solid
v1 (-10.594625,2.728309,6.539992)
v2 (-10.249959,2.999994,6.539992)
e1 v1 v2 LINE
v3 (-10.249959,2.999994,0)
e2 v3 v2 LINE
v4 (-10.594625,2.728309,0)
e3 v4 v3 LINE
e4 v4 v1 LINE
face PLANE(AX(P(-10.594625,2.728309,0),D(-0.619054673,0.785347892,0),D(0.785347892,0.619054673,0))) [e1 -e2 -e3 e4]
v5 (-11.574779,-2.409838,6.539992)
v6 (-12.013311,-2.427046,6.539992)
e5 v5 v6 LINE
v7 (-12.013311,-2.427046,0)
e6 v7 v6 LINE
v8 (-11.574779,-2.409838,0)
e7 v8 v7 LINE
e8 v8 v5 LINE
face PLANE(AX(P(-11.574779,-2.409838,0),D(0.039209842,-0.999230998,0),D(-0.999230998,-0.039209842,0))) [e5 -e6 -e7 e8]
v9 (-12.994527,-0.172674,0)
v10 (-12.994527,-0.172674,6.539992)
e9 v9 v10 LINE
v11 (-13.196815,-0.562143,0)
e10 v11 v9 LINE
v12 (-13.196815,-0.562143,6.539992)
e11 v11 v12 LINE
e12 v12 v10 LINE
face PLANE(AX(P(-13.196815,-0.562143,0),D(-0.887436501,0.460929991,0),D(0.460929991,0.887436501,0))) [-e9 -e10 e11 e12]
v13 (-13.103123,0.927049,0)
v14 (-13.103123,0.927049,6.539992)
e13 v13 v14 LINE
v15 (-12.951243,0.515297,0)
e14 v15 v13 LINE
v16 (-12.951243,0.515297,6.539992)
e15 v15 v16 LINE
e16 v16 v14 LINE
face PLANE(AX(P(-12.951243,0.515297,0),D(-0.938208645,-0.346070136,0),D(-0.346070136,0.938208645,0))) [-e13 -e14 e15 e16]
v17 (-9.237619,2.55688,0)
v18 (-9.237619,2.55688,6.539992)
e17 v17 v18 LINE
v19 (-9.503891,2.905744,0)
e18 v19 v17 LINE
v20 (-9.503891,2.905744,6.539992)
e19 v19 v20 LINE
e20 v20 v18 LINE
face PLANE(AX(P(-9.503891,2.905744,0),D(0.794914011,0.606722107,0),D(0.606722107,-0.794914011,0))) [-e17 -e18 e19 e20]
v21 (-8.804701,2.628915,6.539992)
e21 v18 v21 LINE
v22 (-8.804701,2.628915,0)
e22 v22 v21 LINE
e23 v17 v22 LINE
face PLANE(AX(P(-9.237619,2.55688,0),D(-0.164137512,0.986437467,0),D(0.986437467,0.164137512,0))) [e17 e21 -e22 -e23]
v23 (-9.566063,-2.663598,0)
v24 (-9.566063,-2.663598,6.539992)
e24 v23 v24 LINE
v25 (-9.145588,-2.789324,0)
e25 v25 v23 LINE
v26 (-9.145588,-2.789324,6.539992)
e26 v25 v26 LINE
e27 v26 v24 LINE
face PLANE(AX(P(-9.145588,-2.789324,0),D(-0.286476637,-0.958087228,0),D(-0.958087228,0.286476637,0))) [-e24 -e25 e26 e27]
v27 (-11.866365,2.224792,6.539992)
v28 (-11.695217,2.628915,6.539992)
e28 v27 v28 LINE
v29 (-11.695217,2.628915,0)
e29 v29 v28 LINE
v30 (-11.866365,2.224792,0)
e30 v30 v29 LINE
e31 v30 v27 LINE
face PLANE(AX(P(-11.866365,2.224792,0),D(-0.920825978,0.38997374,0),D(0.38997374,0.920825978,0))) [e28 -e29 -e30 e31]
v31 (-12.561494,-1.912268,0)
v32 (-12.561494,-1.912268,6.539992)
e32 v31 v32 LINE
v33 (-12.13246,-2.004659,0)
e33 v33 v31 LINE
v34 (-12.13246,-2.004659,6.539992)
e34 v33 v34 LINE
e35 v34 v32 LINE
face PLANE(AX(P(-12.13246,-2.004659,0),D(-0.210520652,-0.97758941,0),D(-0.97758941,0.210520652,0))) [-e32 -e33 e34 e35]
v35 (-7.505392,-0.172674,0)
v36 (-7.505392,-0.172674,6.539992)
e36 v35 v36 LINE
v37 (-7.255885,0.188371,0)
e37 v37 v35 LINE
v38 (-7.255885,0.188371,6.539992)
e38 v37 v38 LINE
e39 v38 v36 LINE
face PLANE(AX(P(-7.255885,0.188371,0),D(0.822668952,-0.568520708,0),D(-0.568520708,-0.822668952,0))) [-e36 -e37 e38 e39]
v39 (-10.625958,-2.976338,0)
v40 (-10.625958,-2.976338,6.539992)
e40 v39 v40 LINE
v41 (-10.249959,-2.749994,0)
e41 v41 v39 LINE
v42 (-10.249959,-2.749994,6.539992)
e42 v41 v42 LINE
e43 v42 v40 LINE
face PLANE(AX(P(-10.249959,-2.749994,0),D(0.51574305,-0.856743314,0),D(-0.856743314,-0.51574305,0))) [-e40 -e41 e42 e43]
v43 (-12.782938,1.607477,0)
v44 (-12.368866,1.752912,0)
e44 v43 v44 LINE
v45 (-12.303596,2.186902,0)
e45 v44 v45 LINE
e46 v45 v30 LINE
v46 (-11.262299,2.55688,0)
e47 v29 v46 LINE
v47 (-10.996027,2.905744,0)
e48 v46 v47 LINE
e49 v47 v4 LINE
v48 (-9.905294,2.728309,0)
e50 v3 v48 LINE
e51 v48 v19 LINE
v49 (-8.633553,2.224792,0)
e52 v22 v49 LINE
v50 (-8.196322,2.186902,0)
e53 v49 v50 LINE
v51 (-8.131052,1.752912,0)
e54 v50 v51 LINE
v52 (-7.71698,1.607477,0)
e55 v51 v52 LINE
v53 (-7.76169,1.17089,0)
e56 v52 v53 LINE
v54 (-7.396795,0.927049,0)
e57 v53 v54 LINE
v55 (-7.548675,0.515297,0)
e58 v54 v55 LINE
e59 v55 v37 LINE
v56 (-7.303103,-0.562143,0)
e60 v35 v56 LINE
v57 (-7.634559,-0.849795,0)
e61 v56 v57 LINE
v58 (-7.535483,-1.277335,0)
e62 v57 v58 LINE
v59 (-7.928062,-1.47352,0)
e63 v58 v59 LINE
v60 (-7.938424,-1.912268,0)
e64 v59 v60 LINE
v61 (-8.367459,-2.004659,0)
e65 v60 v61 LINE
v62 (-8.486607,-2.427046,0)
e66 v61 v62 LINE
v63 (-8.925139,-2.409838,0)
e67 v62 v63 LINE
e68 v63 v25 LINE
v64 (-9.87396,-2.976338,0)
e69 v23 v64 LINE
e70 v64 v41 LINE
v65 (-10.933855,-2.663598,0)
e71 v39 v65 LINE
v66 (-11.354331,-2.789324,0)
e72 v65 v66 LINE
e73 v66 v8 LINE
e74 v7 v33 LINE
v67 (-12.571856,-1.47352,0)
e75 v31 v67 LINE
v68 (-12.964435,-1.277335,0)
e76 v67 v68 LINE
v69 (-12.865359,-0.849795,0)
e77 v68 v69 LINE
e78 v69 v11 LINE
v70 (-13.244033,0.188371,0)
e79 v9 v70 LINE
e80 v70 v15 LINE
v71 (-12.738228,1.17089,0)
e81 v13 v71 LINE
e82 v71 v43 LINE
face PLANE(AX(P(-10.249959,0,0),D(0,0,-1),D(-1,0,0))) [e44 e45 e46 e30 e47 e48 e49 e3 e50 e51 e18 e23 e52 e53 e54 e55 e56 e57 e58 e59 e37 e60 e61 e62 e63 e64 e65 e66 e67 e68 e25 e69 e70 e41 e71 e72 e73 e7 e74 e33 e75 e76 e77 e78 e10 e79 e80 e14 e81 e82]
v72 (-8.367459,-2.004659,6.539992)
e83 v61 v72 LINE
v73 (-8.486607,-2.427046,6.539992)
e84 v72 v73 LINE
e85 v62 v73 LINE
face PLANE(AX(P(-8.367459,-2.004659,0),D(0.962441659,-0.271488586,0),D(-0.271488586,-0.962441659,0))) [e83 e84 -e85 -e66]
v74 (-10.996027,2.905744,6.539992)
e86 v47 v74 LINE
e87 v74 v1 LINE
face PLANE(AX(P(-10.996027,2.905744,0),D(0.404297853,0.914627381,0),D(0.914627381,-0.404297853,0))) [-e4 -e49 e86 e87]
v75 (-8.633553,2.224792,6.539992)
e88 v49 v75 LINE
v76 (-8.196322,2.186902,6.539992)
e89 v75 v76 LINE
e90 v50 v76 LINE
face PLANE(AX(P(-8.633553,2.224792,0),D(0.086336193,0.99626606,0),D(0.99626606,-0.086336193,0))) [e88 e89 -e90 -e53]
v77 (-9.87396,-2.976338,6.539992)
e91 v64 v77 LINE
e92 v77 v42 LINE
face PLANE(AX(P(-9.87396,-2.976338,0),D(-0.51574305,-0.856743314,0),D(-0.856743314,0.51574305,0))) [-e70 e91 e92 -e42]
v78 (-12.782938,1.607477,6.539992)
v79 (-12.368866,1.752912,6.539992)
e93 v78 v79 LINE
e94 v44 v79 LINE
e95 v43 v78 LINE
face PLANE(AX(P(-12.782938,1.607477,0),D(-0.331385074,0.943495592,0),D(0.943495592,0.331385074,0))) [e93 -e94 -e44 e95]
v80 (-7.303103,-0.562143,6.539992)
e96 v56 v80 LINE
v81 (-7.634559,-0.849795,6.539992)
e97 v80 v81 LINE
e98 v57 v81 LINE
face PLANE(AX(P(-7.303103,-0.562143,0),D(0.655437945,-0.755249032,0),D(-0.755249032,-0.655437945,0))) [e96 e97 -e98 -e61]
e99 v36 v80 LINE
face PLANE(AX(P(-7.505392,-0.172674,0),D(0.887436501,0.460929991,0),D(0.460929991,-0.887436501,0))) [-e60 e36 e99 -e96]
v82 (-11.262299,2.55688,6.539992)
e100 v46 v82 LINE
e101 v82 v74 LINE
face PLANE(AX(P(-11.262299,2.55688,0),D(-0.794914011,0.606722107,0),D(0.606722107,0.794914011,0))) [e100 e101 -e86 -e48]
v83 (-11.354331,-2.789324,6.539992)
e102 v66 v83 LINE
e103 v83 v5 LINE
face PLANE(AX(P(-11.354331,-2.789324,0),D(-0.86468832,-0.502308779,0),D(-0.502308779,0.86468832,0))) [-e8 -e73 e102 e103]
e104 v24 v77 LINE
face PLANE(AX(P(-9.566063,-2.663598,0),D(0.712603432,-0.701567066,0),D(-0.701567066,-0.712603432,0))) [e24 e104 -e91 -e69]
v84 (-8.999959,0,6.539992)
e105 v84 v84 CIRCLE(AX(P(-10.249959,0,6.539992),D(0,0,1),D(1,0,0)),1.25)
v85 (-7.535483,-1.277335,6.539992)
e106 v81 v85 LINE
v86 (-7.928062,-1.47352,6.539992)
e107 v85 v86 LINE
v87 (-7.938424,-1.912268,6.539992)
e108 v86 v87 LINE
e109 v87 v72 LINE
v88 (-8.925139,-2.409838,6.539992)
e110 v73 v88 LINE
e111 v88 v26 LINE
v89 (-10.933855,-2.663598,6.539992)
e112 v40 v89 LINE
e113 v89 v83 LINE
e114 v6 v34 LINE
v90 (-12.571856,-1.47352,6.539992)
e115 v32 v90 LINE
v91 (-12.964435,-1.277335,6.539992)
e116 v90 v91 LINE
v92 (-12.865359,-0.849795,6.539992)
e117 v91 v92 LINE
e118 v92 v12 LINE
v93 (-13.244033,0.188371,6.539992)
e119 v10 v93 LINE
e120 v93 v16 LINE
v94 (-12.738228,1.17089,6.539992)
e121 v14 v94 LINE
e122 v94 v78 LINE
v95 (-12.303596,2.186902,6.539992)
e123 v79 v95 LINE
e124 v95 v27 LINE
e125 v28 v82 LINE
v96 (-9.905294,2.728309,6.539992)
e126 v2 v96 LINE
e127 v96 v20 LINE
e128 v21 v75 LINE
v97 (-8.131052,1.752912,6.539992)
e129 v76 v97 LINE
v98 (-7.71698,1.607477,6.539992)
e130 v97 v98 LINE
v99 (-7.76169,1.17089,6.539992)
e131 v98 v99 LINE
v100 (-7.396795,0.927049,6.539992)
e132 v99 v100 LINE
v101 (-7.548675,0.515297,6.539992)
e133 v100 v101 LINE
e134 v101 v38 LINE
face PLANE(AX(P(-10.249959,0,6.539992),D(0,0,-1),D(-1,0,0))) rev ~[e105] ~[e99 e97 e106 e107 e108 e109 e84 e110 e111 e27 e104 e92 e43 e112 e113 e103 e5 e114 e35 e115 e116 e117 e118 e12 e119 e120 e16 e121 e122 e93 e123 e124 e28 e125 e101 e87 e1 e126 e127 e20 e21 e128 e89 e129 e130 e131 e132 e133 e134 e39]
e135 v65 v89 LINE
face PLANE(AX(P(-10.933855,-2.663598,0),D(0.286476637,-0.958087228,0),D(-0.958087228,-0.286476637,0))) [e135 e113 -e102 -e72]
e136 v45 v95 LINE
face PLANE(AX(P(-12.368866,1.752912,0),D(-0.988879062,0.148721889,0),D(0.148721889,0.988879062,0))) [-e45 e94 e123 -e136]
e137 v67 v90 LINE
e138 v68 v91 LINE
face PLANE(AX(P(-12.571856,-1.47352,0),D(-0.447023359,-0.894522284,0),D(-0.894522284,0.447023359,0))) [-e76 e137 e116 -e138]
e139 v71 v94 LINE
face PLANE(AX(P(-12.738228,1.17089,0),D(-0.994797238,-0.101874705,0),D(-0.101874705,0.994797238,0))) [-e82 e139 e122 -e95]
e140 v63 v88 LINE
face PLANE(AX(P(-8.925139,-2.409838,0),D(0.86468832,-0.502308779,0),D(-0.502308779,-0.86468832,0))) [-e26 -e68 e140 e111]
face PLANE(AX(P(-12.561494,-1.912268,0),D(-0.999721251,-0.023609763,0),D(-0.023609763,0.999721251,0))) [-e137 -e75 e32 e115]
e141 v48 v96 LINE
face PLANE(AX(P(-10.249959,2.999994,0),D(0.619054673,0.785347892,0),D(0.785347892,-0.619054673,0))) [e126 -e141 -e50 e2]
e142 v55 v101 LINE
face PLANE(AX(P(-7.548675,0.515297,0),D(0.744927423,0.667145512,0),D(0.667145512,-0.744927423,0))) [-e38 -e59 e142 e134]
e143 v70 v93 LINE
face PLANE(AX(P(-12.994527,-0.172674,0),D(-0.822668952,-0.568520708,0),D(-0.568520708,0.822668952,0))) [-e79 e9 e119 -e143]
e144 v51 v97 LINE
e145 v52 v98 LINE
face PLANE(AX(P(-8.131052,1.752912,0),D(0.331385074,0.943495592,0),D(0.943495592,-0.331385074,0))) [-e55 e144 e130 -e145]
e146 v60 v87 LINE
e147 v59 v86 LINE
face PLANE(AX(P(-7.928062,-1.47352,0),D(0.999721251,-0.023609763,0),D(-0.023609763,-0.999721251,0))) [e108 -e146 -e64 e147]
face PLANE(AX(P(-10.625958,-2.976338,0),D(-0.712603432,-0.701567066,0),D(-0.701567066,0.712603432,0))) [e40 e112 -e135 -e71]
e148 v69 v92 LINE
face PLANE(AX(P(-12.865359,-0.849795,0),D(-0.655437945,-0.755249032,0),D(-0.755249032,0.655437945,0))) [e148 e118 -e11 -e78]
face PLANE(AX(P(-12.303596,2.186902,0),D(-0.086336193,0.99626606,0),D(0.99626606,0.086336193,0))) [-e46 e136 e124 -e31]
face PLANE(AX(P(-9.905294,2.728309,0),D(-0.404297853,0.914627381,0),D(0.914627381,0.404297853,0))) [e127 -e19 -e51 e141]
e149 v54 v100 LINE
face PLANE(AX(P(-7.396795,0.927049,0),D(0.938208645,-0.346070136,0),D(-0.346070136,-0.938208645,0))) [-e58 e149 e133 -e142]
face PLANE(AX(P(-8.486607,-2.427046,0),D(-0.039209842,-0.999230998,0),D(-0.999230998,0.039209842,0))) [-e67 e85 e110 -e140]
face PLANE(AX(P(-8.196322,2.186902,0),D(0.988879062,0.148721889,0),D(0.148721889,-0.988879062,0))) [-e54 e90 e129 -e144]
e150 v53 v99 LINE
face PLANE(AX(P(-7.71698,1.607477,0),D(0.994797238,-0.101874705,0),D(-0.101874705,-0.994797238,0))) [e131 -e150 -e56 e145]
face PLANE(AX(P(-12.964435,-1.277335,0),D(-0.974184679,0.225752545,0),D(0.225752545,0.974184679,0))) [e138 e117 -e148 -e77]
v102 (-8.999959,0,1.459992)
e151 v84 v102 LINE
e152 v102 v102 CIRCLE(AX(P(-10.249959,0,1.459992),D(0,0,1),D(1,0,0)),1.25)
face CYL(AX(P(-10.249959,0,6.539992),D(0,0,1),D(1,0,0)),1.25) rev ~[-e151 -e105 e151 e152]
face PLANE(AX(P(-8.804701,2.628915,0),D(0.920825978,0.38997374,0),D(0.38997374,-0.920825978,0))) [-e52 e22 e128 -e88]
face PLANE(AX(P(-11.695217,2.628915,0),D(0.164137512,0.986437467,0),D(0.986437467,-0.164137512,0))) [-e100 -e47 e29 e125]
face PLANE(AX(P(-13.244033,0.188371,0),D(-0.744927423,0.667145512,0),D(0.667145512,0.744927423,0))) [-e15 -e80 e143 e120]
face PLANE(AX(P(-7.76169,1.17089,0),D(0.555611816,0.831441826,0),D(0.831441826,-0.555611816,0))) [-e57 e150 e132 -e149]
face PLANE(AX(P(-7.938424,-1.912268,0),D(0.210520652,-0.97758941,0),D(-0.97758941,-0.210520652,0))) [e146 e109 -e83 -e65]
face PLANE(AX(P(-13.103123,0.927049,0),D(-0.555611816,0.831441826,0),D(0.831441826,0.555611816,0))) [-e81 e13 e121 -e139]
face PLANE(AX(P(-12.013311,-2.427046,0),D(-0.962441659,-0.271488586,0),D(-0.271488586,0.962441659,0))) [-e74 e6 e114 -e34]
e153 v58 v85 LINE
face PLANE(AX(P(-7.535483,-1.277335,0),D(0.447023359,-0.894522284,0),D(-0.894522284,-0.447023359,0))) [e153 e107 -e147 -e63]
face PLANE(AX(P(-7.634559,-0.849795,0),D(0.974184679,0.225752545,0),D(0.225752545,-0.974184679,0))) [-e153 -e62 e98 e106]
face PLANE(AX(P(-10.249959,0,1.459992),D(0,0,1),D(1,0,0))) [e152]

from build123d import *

# Parameters (mm, degrees)
BOSS_EXTRUDE1_DEPTH = 6.539992
SKETCH2_R           = 1.25000004
CUT_EXTRUDE1_DEPTH  = 5.08


with BuildPart() as part:
    # Sketch1 → Boss-Extrude1 (new body)
    with BuildSketch(Plane.XY):
        Polygon((-10.594624819, 2.728309468), (-10.24995918, 2.999994), (-9.905293541, 2.728309468), (-9.503891011, 2.905743672), (-9.237618872, 2.55687975), (-8.804701048, 2.628914782), (-8.633553268, 2.224791874), (-8.196321969, 2.186901508), (-8.131052392, 1.752912142), (-7.716980469, 1.60747717), (-7.761690222, 1.170890494), (-7.396795337, 0.927049129), (-7.548675142, 0.515297489), (-7.255884983, 0.188371182), (-7.505391673, -0.172673551), (-7.303103322, -0.562142819), (-7.634559474, -0.849794878), (-7.535483452, -1.27733532), (-7.928062458, -1.473520467), (-7.938424075, -1.912268145), (-8.367458751, -2.004659346), (-8.48660695, -2.427046129), (-8.925139471, -2.409838105), (-9.145587731, -2.789323879), (-9.566063484, -2.663597874), (-9.873960231, -2.976338151), (-10.24995918, -2.749993992), (-10.625958129, -2.976338151), (-10.933854876, -2.663597874), (-11.354330629, -2.789323879), (-11.574778889, -2.409838105), (-12.01331141, -2.427046129), (-12.132459609, -2.004659346), (-12.561494285, -1.912268145), (-12.571855902, -1.473520467), (-12.964434908, -1.27733532), (-12.865358886, -0.849794878), (-13.196815038, -0.562142819), (-12.994526687, -0.172673551), (-13.244033377, 0.188371182), (-12.951243218, 0.515297489), (-13.103123023, 0.927049129), (-12.738228138, 1.170890494), (-12.782937891, 1.60747717), (-12.368865968, 1.752912142), (-12.303596391, 2.186901508), (-11.866365092, 2.224791874), (-11.695217312, 2.628914782), (-11.262299488, 2.55687975), (-10.996027349, 2.905743672), align=None)
    extrude(amount=BOSS_EXTRUDE1_DEPTH)

    # Sketch2 → Cut-Extrude1 (cut)
    with BuildSketch(Plane.XY.offset(6.539992)):
        with Locations((-10.24995918, 0)):
            Circle(SKETCH2_R)
    extrude(amount=-CUT_EXTRUDE1_DEPTH, mode=Mode.SUBTRACT)


solid = part.part
